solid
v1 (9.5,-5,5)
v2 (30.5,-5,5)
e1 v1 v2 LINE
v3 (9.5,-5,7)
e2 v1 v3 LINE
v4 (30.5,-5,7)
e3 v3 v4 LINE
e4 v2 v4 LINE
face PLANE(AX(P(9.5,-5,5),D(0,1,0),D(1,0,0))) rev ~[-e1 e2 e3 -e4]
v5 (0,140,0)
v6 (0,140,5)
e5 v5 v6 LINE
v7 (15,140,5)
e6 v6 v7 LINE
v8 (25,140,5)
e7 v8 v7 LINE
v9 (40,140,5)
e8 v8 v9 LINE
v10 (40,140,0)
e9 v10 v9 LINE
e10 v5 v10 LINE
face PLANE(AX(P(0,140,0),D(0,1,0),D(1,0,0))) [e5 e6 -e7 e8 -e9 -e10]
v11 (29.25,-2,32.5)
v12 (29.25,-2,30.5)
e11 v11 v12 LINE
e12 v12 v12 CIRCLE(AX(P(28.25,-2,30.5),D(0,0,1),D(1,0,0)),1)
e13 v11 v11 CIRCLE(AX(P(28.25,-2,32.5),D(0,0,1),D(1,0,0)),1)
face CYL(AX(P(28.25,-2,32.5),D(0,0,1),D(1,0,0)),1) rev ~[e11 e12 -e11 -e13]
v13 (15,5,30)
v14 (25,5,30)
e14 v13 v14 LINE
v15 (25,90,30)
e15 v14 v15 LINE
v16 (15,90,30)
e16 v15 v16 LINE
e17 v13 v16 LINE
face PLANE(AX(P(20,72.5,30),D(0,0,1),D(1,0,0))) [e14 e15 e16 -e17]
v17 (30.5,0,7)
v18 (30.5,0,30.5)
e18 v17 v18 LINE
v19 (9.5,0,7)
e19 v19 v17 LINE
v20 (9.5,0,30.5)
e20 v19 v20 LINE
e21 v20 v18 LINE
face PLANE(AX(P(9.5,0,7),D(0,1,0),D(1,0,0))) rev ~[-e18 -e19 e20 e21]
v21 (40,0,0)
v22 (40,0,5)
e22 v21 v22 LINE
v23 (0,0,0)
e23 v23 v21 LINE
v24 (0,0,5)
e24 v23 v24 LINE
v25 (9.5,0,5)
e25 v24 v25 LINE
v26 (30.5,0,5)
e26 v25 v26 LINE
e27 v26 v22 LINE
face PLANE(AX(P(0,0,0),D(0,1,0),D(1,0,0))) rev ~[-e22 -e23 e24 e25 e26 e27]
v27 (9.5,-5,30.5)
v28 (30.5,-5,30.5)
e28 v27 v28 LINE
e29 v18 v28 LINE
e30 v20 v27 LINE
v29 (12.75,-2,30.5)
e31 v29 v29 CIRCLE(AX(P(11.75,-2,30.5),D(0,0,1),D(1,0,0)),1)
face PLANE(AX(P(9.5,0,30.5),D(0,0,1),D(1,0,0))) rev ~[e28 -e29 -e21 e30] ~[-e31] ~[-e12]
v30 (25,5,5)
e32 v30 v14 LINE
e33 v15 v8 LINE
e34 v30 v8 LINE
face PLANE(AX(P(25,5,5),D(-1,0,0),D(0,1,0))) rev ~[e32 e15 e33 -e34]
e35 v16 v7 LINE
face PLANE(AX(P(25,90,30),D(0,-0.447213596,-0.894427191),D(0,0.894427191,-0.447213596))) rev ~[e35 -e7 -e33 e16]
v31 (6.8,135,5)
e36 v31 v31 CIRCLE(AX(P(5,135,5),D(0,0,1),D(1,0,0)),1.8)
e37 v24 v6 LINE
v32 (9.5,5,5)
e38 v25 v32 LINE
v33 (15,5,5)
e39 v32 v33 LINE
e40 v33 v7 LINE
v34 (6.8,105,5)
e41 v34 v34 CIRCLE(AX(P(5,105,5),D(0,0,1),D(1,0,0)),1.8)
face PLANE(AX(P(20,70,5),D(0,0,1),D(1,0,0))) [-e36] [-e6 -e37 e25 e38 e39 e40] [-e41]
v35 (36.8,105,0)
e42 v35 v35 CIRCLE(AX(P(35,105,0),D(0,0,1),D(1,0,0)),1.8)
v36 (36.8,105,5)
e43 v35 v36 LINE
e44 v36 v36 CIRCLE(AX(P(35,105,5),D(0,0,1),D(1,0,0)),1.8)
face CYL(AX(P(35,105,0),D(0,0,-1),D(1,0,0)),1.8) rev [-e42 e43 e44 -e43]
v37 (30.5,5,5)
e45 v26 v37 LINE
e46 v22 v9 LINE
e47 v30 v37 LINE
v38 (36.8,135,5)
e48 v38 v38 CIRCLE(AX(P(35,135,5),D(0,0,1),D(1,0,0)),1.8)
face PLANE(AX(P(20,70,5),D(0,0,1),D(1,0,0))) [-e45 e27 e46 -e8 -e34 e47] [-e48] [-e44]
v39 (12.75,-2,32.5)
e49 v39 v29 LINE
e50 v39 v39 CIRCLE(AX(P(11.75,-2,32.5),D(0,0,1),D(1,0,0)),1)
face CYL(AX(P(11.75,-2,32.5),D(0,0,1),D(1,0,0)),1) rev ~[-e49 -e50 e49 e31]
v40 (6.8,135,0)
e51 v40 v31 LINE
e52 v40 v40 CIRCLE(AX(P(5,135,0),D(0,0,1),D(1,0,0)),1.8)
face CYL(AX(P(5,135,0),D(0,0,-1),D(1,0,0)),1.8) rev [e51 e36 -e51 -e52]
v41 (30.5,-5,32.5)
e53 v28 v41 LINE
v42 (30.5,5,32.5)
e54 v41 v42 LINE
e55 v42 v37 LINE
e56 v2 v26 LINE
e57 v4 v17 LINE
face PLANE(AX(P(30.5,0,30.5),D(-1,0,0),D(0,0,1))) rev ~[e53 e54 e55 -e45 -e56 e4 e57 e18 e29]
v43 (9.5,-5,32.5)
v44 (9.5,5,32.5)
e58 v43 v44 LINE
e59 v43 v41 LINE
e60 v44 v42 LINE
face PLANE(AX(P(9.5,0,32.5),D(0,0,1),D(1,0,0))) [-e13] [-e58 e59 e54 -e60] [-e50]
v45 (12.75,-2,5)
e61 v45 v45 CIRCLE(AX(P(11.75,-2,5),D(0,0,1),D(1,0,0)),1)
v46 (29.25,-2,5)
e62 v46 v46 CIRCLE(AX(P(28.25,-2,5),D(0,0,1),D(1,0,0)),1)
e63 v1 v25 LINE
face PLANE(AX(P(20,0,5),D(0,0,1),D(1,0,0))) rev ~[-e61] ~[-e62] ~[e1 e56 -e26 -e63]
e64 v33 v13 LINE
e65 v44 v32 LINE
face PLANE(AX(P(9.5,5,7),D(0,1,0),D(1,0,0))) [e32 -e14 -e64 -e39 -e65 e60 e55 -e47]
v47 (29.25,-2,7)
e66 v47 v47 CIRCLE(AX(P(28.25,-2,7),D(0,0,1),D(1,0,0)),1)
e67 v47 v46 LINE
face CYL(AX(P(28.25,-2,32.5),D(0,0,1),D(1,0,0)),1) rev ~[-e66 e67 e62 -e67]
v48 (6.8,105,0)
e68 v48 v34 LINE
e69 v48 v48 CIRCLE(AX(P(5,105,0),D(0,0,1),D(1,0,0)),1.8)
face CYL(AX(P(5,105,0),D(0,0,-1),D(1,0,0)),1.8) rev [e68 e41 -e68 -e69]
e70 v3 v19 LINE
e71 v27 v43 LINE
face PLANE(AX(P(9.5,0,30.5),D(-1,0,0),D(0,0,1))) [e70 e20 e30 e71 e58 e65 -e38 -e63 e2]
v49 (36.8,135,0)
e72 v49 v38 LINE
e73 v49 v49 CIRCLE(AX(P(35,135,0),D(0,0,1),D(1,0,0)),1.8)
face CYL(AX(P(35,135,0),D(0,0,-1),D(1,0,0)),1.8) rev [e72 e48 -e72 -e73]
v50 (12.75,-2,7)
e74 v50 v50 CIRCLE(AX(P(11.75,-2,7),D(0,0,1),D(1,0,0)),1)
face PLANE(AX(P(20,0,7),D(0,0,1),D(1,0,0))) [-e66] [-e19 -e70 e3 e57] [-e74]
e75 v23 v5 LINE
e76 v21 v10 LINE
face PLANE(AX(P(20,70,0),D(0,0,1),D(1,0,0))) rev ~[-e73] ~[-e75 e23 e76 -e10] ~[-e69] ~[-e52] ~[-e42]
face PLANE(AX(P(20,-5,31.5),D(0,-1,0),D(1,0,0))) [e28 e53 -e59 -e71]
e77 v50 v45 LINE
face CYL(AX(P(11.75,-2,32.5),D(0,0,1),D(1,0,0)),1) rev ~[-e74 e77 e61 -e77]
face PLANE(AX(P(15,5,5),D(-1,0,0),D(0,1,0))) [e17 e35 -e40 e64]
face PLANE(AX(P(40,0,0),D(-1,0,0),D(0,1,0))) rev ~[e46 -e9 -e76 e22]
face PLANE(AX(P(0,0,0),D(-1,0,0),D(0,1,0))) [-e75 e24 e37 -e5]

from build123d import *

# Parameters (mm, degrees)
SKETCH_W        = 40
SKETCH_H        = 140
SKETCH_R        = 1.8
PAD_DEPTH       = 5
SKETCH001_W     = 21
SKETCH001_H     = 10
PAD001_DEPTH    = 2
SKETCH002_W     = 21
SKETCH002_H     = 5
PAD002_DEPTH    = 25.5
SKETCH003_W     = 21
SKETCH003_H     = 2
PAD003_DEPTH    = 5
SKETCH004_R     = 1
POCKET_DEPTH    = 100
SKETCH005_W     = 10
SKETCH005_H     = 135
PAD004_DEPTH    = 25
POCKET001_DEPTH = 10


with BuildPart() as part:
    # Sketch → Pad (new body)
    with BuildSketch(Plane.XY):
        with Locations((20, 70)):
            Rectangle(SKETCH_W, SKETCH_H)
        with Locations((5, 135)):
            Circle(SKETCH_R, mode=Mode.SUBTRACT)
        with Locations((35, 135)):
            Circle(SKETCH_R, mode=Mode.SUBTRACT)
        with Locations((5, 105)):
            Circle(SKETCH_R, mode=Mode.SUBTRACT)
        with Locations((35, 105)):
            Circle(SKETCH_R, mode=Mode.SUBTRACT)
    extrude(amount=PAD_DEPTH)

    # Sketch001 (on Face10 of Pad) → Pad001 (join)
    with BuildSketch(Plane.XY.offset(5)):
        with Locations((20, 0)):
            Rectangle(SKETCH001_W, SKETCH001_H)
    extrude(amount=PAD001_DEPTH)

    # Sketch002 (on Face16 of Pad001) → Pad002 (join)
    with BuildSketch(Plane.XY.offset(7)):
        with Locations((20, 2.5)):
            Rectangle(SKETCH002_W, SKETCH002_H)
    extrude(amount=PAD002_DEPTH)

    # Sketch003 (on Face20 of Pad002) → Pad003 (join)
    with BuildSketch(Plane.XZ):
        with Locations((20, 31.5)):
            Rectangle(SKETCH003_W, SKETCH003_H)
    extrude(amount=PAD003_DEPTH)

    # Sketch004 (on Face25 of Pad003) → Pocket (cut)
    with BuildSketch(Plane.XY.offset(32.5)):
        with Locations((11.75, -2)):
            Circle(SKETCH004_R)
        with Locations((28.25, -2)):
            Circle(SKETCH004_R)
    extrude(amount=-POCKET_DEPTH, mode=Mode.SUBTRACT)

    # Sketch005 (on Face5 of Pocket) → Pad004 (join)
    with BuildSketch(Plane.XY.offset(5)):
        with Locations((20, 72.5)):
            Rectangle(SKETCH005_W, SKETCH005_H)
    extrude(amount=PAD004_DEPTH)

    # Sketch006 (on Face16 of Pad004) → Pocket001 (cut)
    with BuildSketch(Plane.YZ.offset(25)):
        Polygon((90, 30), (140, 5), (160, 5), (160, 50), (90, 50), align=None)
    extrude(amount=-POCKET001_DEPTH, mode=Mode.SUBTRACT)


solid = part.part
